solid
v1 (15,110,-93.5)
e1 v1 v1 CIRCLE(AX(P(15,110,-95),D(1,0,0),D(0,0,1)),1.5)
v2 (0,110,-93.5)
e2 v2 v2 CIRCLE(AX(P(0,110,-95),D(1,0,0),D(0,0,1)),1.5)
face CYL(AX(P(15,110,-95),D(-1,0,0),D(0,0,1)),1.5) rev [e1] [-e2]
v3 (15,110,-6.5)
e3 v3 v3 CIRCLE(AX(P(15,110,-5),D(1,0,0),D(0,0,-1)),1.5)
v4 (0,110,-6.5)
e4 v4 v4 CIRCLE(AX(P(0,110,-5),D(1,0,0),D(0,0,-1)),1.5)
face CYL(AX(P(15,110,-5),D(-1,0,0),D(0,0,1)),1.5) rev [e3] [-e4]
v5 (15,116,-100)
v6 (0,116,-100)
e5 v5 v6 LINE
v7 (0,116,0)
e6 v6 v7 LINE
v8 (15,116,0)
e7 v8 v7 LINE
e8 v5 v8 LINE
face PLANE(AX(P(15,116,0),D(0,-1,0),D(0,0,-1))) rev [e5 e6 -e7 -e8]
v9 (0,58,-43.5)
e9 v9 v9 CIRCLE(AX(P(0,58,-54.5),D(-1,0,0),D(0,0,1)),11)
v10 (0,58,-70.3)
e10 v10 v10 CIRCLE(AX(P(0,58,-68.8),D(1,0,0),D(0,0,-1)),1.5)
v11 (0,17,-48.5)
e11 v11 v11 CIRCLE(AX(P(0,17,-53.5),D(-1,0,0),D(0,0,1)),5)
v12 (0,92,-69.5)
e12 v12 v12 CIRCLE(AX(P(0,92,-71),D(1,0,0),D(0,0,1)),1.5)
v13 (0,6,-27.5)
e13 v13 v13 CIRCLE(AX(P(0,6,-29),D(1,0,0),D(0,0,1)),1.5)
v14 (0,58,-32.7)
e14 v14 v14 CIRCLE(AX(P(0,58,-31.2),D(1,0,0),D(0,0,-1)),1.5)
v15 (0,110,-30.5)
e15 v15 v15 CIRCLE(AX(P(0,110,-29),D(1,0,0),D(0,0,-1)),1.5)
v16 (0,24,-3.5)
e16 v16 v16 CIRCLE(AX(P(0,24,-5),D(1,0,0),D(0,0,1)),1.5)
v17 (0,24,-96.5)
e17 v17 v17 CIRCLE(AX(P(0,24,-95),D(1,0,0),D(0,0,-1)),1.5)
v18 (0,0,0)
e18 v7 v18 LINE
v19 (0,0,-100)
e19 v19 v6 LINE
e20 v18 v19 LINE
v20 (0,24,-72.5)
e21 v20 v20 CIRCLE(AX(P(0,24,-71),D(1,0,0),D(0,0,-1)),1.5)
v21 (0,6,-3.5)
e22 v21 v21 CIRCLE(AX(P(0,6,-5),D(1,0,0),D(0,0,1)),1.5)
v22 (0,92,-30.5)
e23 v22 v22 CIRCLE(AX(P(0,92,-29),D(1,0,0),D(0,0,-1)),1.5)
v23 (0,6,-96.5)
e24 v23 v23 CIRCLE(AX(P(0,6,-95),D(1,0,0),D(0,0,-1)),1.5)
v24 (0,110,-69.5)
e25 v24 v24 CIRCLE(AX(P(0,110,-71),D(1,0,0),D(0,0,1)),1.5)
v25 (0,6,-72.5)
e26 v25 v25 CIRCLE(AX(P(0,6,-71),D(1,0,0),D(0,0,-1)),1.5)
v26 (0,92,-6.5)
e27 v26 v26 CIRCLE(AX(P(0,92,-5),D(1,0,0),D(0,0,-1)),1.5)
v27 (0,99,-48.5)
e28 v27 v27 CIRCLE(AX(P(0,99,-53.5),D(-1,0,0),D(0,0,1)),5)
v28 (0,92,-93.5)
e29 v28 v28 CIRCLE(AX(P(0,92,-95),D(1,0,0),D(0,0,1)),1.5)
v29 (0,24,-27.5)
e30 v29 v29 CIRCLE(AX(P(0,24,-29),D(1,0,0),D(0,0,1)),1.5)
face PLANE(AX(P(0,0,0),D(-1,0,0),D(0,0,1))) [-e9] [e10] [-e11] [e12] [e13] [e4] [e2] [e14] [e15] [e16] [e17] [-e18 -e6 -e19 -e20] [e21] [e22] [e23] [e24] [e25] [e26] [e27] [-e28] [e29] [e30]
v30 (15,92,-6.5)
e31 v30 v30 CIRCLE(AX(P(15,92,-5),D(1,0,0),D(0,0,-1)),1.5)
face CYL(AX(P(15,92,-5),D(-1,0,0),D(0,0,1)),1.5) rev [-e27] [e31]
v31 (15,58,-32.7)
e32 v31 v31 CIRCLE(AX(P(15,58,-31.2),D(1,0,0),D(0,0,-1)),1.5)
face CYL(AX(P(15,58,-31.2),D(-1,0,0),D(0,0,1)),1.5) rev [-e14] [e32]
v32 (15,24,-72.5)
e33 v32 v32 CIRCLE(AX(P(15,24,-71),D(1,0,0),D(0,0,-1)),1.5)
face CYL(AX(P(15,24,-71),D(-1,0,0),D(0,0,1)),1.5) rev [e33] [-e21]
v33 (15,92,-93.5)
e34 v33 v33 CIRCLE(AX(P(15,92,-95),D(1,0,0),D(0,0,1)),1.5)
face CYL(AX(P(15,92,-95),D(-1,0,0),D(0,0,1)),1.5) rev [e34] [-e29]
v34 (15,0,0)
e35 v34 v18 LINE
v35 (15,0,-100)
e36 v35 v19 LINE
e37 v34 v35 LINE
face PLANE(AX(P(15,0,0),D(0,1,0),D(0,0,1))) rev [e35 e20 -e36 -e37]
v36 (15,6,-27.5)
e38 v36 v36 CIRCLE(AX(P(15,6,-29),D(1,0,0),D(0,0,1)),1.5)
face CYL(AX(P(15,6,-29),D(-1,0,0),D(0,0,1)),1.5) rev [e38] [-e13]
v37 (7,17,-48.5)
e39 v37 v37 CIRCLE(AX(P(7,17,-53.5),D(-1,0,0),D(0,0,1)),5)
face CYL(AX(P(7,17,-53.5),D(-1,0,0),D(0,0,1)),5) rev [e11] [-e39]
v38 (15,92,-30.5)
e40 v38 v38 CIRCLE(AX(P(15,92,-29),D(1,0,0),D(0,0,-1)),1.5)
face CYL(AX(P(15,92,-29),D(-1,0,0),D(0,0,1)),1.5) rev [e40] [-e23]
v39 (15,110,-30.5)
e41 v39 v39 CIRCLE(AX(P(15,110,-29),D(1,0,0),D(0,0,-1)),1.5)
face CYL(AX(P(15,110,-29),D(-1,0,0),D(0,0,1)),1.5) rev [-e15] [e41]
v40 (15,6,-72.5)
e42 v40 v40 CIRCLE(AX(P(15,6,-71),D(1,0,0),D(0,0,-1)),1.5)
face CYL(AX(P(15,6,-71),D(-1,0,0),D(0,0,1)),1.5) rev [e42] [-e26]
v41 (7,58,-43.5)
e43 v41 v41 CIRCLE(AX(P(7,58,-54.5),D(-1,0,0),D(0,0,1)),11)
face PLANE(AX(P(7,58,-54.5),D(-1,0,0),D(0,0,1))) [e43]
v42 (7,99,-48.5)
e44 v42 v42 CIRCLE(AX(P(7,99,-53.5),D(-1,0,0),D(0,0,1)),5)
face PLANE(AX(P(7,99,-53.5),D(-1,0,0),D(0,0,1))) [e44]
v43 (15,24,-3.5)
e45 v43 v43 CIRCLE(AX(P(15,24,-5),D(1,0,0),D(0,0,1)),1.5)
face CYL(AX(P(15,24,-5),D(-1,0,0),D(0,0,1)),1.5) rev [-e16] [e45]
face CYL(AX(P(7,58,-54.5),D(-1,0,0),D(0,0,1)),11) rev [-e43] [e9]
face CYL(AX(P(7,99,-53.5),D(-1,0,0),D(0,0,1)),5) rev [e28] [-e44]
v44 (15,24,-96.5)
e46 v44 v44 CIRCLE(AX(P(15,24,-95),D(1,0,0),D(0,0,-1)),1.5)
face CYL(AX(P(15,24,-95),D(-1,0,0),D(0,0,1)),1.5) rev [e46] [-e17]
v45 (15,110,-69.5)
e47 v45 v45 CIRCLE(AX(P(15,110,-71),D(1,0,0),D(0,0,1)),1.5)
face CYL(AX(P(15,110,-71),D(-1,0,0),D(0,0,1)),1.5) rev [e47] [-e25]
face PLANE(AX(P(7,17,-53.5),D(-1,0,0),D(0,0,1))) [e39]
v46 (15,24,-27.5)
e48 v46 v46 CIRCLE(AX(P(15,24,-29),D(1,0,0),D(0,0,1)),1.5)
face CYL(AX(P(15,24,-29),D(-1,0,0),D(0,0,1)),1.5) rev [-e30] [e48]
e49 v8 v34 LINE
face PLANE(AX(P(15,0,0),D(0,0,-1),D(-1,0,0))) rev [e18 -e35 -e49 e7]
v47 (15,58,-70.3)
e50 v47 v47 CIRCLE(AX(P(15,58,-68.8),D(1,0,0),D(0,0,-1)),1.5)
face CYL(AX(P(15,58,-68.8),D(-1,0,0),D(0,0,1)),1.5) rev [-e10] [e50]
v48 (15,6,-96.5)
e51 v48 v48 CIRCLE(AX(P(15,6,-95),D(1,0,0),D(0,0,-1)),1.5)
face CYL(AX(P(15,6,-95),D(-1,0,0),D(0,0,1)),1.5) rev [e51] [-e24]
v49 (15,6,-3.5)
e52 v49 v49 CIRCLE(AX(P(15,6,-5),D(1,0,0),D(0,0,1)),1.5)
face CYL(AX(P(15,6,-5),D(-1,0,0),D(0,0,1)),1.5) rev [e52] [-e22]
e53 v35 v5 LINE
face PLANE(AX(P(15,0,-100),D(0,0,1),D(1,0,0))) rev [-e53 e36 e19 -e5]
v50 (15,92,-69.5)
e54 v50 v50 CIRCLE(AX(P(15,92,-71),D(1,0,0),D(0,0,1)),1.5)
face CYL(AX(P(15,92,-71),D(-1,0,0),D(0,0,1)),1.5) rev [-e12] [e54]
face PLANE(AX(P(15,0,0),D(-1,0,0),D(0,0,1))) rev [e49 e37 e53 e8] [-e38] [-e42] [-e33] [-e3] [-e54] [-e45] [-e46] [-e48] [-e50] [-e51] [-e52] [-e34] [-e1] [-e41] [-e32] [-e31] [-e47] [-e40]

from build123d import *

# Parameters (mm, degrees)
CROQUIS1_W              = 100
CROQUIS1_H              = 116
CROQUIS1_R              = 1.5
SALIENTE_EXTRUIR1_DEPTH = 15
CROQUIS3_R              = 5
CROQUIS3_R_2            = 11
CORTAR_EXTRUIR2_DEPTH   = 7


with BuildPart() as part:
    # Croquis1 → Saliente-Extruir1 (new body)
    with BuildSketch(Plane(origin=(0, 0, 0), x_dir=(0, 0, -1), z_dir=(1, 0, 0))):
        with Locations((50, 58)):
            Rectangle(CROQUIS1_W, CROQUIS1_H)
        with Locations((5, 110)):
            Circle(CROQUIS1_R, mode=Mode.SUBTRACT)
        with Locations((29, 110)):
            Circle(CROQUIS1_R, mode=Mode.SUBTRACT)
        with Locations((5, 92)):
            Circle(CROQUIS1_R, mode=Mode.SUBTRACT)
        with Locations((29, 92)):
            Circle(CROQUIS1_R, mode=Mode.SUBTRACT)
        with Locations(Location((5, 24, 0), (0, 0, 180))):
            Circle(CROQUIS1_R, mode=Mode.SUBTRACT)
        with Locations(Location((29, 24, 0), (0, 0, 180))):
            Circle(CROQUIS1_R, mode=Mode.SUBTRACT)
        with Locations(Location((29, 6, 0), (0, 0, 180))):
            Circle(CROQUIS1_R, mode=Mode.SUBTRACT)
        with Locations(Location((5, 6, 0), (0, 0, 180))):
            Circle(CROQUIS1_R, mode=Mode.SUBTRACT)
        with Locations((31.2, 58)):
            Circle(CROQUIS1_R, mode=Mode.SUBTRACT)
        with Locations((68.8, 58)):
            Circle(CROQUIS1_R, mode=Mode.SUBTRACT)
        with Locations((71, 6)):
            Circle(CROQUIS1_R, mode=Mode.SUBTRACT)
        with Locations((95, 6)):
            Circle(CROQUIS1_R, mode=Mode.SUBTRACT)
        with Locations((95, 24)):
            Circle(CROQUIS1_R, mode=Mode.SUBTRACT)
        with Locations((71, 24)):
            Circle(CROQUIS1_R, mode=Mode.SUBTRACT)
        with Locations(Location((95, 92, 0), (0, 0, 180))):
            Circle(CROQUIS1_R, mode=Mode.SUBTRACT)
        with Locations(Location((71, 92, 0), (0, 0, 180))):
            Circle(CROQUIS1_R, mode=Mode.SUBTRACT)
        with Locations(Location((71, 110, 0), (0, 0, 180))):
            Circle(CROQUIS1_R, mode=Mode.SUBTRACT)
        with Locations(Location((95, 110, 0), (0, 0, 180))):
            Circle(CROQUIS1_R, mode=Mode.SUBTRACT)
    extrude(amount=SALIENTE_EXTRUIR1_DEPTH)

    # Croquis3 → Cortar-Extruir2 (cut)
    with BuildSketch(Plane.ZY):
        with Locations((-53.5, 99)):
            Circle(CROQUIS3_R)
        with Locations((-53.5, 17)):
            Circle(CROQUIS3_R)
        with Locations((-54.5, 58)):
            Circle(CROQUIS3_R_2)
    extrude(amount=-CORTAR_EXTRUIR2_DEPTH, mode=Mode.SUBTRACT)


solid = part.part
